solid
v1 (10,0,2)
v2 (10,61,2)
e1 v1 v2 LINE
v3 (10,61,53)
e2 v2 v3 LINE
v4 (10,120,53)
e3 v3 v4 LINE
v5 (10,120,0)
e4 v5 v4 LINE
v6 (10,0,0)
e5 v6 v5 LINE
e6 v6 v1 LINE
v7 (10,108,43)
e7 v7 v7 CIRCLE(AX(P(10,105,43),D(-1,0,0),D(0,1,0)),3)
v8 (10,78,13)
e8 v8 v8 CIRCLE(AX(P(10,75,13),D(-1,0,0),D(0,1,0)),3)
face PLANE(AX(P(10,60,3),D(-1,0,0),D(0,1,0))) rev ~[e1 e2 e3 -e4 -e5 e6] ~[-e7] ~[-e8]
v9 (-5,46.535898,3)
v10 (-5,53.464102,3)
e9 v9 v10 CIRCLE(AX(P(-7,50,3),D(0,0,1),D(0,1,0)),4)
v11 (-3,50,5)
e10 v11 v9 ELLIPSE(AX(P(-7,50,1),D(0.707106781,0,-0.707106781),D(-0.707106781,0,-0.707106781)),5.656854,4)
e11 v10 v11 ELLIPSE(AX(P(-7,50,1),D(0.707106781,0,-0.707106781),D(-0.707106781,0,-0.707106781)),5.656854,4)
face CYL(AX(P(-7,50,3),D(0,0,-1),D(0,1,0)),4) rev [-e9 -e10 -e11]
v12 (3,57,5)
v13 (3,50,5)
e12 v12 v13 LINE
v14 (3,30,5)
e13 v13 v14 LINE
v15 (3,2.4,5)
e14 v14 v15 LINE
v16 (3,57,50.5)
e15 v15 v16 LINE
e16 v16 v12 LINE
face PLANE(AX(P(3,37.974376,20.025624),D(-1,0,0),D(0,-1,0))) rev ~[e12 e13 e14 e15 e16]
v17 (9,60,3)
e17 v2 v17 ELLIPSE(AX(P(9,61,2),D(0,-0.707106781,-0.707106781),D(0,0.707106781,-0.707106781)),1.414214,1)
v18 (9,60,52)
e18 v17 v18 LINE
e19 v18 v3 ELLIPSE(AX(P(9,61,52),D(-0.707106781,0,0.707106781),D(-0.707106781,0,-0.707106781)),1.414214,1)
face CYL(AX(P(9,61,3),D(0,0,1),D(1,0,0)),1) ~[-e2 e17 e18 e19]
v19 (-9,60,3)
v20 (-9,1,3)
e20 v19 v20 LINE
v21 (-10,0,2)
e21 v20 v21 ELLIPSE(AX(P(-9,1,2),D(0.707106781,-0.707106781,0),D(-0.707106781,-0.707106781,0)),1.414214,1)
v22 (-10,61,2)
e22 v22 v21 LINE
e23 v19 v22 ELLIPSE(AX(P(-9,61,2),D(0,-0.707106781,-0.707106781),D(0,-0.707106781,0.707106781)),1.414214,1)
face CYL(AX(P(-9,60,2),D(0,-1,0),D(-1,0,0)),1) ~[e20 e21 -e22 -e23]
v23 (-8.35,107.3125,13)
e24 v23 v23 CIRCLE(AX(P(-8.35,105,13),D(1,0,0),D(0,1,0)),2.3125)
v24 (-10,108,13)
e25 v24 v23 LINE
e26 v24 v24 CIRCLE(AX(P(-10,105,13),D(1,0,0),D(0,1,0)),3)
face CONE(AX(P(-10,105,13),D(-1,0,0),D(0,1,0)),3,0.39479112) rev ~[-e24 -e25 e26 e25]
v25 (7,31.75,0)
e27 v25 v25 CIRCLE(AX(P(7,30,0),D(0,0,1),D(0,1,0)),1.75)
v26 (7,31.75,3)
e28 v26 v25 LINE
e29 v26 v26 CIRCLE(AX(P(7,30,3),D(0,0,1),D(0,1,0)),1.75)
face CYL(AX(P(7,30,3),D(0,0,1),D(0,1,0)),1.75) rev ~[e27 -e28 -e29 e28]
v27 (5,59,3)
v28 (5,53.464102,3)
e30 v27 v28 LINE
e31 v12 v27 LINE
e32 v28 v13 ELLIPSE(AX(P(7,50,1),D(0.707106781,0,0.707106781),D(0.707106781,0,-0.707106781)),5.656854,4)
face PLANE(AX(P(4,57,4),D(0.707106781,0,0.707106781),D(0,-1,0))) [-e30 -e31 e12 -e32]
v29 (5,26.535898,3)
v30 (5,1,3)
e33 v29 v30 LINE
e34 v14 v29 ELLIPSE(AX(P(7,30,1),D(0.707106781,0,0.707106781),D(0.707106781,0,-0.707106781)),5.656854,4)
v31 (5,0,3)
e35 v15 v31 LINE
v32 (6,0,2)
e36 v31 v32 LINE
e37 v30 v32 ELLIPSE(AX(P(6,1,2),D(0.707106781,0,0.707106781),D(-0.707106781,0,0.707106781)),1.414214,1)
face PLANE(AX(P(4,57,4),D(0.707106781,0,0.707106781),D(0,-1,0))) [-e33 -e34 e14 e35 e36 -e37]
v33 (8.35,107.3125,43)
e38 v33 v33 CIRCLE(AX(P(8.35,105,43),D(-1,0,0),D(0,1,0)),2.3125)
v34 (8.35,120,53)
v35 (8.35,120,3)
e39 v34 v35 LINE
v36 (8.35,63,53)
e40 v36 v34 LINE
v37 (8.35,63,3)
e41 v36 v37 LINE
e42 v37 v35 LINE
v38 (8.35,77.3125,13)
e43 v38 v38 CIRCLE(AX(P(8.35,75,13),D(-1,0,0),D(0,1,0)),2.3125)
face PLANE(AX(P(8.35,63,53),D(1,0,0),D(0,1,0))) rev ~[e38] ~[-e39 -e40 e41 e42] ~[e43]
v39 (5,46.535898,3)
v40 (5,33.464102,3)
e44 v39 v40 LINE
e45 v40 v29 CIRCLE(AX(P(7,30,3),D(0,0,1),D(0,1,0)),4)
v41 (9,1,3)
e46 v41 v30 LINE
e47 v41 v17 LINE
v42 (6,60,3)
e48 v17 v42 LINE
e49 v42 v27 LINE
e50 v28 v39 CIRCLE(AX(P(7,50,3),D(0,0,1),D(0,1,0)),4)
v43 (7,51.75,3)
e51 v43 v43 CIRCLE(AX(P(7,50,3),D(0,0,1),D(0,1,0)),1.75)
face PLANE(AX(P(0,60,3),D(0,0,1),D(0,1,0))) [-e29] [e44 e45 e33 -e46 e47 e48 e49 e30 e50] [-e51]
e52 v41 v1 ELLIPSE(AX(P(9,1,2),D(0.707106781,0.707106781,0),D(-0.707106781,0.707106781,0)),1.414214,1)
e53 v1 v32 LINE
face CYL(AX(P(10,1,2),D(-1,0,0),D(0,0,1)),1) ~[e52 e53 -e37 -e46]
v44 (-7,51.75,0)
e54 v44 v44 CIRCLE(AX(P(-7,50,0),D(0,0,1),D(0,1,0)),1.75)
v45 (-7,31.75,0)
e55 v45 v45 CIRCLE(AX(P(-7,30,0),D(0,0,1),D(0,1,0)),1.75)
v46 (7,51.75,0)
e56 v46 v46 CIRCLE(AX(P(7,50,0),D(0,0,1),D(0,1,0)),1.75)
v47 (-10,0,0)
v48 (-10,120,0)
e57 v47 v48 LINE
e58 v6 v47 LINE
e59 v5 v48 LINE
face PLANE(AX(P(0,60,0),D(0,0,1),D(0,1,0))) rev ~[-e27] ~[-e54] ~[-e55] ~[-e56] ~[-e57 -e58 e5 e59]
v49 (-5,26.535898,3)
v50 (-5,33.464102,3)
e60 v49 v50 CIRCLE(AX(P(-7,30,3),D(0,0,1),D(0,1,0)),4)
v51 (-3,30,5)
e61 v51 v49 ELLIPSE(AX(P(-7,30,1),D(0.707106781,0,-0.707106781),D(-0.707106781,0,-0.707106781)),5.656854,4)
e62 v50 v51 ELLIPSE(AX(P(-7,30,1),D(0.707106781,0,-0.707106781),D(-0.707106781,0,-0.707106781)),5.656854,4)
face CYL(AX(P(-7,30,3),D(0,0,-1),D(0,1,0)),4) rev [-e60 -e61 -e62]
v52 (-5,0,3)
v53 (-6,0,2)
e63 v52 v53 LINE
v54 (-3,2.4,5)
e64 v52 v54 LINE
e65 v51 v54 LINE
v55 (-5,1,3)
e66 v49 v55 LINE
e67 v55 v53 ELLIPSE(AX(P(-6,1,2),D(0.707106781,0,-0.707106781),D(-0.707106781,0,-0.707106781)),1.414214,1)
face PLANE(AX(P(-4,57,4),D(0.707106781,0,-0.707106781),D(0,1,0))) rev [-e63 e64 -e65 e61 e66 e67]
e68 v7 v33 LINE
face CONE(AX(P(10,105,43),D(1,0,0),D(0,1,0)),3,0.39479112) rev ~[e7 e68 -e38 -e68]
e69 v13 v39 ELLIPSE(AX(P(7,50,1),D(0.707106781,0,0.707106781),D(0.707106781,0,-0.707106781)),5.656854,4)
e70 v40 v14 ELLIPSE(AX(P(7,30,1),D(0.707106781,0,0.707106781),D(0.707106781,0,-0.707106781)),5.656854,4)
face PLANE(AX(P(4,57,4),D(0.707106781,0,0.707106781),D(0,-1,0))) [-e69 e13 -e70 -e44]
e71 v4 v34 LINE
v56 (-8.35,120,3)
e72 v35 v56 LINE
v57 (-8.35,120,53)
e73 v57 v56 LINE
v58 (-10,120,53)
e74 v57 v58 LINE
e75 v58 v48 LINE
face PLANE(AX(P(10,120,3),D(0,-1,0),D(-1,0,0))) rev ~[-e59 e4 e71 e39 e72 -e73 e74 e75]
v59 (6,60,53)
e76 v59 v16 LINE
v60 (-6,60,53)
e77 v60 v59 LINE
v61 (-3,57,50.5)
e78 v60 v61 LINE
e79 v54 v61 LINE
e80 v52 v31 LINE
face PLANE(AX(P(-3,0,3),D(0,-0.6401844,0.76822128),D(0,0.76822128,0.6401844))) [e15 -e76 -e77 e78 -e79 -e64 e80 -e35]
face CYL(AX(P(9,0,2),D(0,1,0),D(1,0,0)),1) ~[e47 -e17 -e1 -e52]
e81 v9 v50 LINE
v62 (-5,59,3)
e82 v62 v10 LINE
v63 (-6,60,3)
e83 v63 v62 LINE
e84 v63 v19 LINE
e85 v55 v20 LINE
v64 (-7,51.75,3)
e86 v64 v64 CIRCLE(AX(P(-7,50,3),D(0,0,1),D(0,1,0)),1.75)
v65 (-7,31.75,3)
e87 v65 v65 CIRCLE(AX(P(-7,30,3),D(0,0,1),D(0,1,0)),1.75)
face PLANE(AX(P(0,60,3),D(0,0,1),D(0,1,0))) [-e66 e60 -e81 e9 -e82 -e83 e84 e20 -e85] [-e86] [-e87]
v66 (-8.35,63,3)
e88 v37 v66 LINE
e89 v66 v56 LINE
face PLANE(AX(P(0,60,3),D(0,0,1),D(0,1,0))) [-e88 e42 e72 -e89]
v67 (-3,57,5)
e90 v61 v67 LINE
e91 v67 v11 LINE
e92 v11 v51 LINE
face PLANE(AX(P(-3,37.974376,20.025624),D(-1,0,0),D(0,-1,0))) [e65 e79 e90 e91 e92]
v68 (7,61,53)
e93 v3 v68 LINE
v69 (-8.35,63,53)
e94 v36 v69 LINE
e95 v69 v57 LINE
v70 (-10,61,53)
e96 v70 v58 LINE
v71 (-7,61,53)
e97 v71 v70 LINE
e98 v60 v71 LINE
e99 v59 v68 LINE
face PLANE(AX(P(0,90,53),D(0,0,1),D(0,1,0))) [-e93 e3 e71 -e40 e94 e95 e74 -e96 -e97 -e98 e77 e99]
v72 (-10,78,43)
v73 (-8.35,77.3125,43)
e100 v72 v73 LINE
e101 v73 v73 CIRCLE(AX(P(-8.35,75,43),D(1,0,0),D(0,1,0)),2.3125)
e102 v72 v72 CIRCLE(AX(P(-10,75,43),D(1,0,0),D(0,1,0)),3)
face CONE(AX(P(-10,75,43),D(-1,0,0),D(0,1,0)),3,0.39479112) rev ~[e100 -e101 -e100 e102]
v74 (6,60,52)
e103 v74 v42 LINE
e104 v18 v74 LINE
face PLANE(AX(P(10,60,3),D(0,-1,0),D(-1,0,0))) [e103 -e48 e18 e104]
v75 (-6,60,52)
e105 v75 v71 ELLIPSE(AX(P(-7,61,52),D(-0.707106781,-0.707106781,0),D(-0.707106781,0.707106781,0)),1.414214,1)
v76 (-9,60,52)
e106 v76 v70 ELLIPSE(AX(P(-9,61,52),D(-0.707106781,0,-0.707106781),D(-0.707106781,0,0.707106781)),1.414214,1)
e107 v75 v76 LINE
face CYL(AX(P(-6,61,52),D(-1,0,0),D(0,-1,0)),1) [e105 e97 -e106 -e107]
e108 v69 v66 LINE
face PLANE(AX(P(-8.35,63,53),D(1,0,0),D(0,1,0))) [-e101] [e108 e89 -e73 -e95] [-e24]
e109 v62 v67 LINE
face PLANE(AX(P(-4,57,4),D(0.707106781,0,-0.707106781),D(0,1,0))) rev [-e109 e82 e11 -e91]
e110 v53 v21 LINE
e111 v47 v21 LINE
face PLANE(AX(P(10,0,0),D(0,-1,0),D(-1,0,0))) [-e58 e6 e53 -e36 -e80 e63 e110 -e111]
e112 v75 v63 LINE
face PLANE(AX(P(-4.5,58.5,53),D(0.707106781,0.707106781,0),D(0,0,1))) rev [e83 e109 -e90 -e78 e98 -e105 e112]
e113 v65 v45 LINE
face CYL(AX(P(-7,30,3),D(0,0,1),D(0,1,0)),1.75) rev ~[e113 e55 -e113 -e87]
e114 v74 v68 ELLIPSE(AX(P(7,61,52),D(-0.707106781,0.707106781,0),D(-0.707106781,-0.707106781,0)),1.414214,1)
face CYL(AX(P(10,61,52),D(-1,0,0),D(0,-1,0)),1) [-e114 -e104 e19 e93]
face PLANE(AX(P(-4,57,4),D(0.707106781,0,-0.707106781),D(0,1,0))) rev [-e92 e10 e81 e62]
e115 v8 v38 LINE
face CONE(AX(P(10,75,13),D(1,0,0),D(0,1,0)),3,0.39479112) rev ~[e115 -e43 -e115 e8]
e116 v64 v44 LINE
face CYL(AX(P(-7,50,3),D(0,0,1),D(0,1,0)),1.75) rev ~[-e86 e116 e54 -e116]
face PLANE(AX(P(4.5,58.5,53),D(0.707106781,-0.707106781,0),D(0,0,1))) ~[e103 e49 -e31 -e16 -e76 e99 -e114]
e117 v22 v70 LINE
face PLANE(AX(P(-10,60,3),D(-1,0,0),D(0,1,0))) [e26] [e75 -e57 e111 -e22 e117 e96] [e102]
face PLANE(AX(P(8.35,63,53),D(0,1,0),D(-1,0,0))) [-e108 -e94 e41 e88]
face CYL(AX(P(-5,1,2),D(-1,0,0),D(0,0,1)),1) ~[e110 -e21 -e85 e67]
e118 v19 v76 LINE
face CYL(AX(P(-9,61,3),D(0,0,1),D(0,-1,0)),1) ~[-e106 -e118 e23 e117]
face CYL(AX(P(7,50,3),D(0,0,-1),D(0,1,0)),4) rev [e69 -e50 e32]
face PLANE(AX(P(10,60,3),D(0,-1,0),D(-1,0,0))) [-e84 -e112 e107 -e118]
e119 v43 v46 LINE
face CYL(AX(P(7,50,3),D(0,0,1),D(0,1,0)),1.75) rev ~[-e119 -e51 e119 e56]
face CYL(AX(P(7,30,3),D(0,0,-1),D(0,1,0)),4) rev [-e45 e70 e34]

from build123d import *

# Parameters (mm, degrees)
CYLINDER003_R          = 4
CYLINDER003_DEPTH      = 5
CYLINDER002_R          = 4
CYLINDER002_DEPTH      = 5
CYLINDER001_R          = 4
CYLINDER001_DEPTH      = 5
CYLINDER_R             = 4
CYLINDER_DEPTH         = 5
CONE003_ROLL_ANGLE     = 90
CONE002_ROLL_ANGLE     = 90
CONE001_ROLL_ANGLE     = -90
CONE_ROLL_ANGLE        = -90
BOX001_W               = 60
BOX001_H               = 20
BOX001_DEPTH           = 50
SKETCH001_W            = 57
SKETCH001_H            = 16.7
POCKET001_DEPTH        = 50
PAD_DEPTH              = 6
BOX_W                  = 120
BOX_H                  = 20
BOX_DEPTH              = 3
SKETCH_R               = 1.75
POCKET_DEPTH           = 3.001
CHAMFER_SIZE           = 3
CHAMFER001_SIZE        = 2
FILLET_R               = 1
FILLET_PLACEMENT_ANGLE = 90


with BuildPart() as cylinder003:
    # Cylinder003 → Cylinder003 (new body)
    with BuildSketch(Plane(origin=(50, 7, 3), x_dir=(1, 0, 0), z_dir=(0, 0, 1))):
        Circle(CYLINDER003_R)
    extrude(amount=CYLINDER003_DEPTH)


with BuildPart() as cylinder002:
    # Cylinder002 → Cylinder002 (new body)
    with BuildSketch(Plane(origin=(30, 7, 3), x_dir=(1, 0, 0), z_dir=(0, 0, 1))):
        Circle(CYLINDER002_R)
    extrude(amount=CYLINDER002_DEPTH)


with BuildPart() as cylinder001:
    # Cylinder001 → Cylinder001 (new body)
    with BuildSketch(Plane(origin=(50, -7, 3), x_dir=(1, 0, 0), z_dir=(0, 0, 1))):
        Circle(CYLINDER001_R)
    extrude(amount=CYLINDER001_DEPTH)


with BuildPart() as cylinder:
    # Cylinder → Cylinder (new body)
    with BuildSketch(Plane(origin=(30, -7, 3), x_dir=(1, 0, 0), z_dir=(0, 0, 1))):
        Circle(CYLINDER_R)
    extrude(amount=CYLINDER_DEPTH)


with BuildPart() as cone003:
    # Cone003 → Cone003 (revolve)
    with BuildSketch(Plane.XZ):
        Polygon((0, 0), (3, 0), (1.75, 3), (0, 3), align=None)
    revolve(axis=Axis((0, 0, 0), (0, 0, 1)))


with BuildPart() as cone003_1:
    # Cone003 roll: moved
    add(cone003.part.rotate(Axis((0, 0, 0), (1, 0, 0)), CONE003_ROLL_ANGLE))


with BuildPart() as cone003_2:
    # Cone003 placement: moved
    add(cone003_1.part.moved(Location((75, 10, 43))))


with BuildPart() as cone002:
    # Cone002 → Cone002 (revolve)
    with BuildSketch(Plane.XZ):
        Polygon((0, 0), (3, 0), (1.75, 3), (0, 3), align=None)
    revolve(axis=Axis((0, 0, 0), (0, 0, 1)))


with BuildPart() as cone002_1:
    # Cone002 roll: moved
    add(cone002.part.rotate(Axis((0, 0, 0), (1, 0, 0)), CONE002_ROLL_ANGLE))


with BuildPart() as cone002_2:
    # Cone002 placement: moved
    add(cone002_1.part.moved(Location((105, 10, 13))))


with BuildPart() as cone001:
    # Cone001 → Cone001 (revolve)
    with BuildSketch(Plane.XZ):
        Polygon((0, 0), (3, 0), (1.75, 3), (0, 3), align=None)
    revolve(axis=Axis((0, 0, 0), (0, 0, 1)))


with BuildPart() as cone001_1:
    # Cone001 roll: moved
    add(cone001.part.rotate(Axis((0, 0, 0), (1, 0, 0)), CONE001_ROLL_ANGLE))


with BuildPart() as cone001_2:
    # Cone001 placement: moved
    add(cone001_1.part.moved(Location((105, -10, 43))))


with BuildPart() as cone:
    # Cone → Cone (revolve)
    with BuildSketch(Plane.XZ):
        Polygon((0, 0), (3, 0), (1.75, 3), (0, 3), align=None)
    revolve(axis=Axis((0, 0, 0), (0, 0, 1)))


with BuildPart() as cone_1:
    # Cone roll: moved
    add(cone.part.rotate(Axis((0, 0, 0), (1, 0, 0)), CONE_ROLL_ANGLE))


with BuildPart() as cone_2:
    # Cone placement: moved
    add(cone_1.part.moved(Location((75, -10, 13))))


with BuildPart() as abra_a_fusta_amb_forats:
    # Box001 → Box001 (new body)
    with BuildSketch(Plane(origin=(60, -10, 3), x_dir=(1, 0, 0), z_dir=(0, 0, 1))):
        with Locations((30, 10)):
            Rectangle(BOX001_W, BOX001_H)
    extrude(amount=BOX001_DEPTH)

    # Sketch001 → Pocket001 (cut)
    with BuildSketch(Plane(origin=(60, -10, 53), x_dir=(1, 0, 0), z_dir=(0, 0, 1))):
        with Locations((31.5, 10)):
            Rectangle(SKETCH001_W, SKETCH001_H)
    extrude(amount=-POCKET001_DEPTH, mode=Mode.SUBTRACT)

    # Cut: cut Cone
    add(cone_2.part, mode=Mode.SUBTRACT)

    # Cut001: cut Cone001
    add(cone001_2.part, mode=Mode.SUBTRACT)

    # Cut002: cut Cone002
    add(cone002_2.part, mode=Mode.SUBTRACT)

    # Cut003: cut Cone003
    add(cone003_2.part, mode=Mode.SUBTRACT)


with BuildPart() as triangle:
    # Sketch002 → Pad (new body)
    with BuildSketch(Plane.XZ.offset(-3)):
        Polygon((0, 3), (60, 53), (60, 3), align=None)
    extrude(amount=PAD_DEPTH)


with BuildPart() as triangle_y:
    # Box → Box (new body)
    with BuildSketch(Plane(origin=(0, -10, 0), x_dir=(1, 0, 0), z_dir=(0, 0, 1))):
        with Locations((60, 10)):
            Rectangle(BOX_W, BOX_H)
    extrude(amount=BOX_DEPTH)

    # Sketch → Pocket (cut, through all)
    with BuildSketch(Plane(origin=(0, -10, 3), x_dir=(1, 0, 0), z_dir=(0, 0, 1))):
        with Locations((30, 17)):
            Circle(SKETCH_R)
        with Locations((30, 3)):
            Circle(SKETCH_R)
        with Locations((50, 17)):
            Circle(SKETCH_R)
        with Locations((50, 3)):
            Circle(SKETCH_R)
    extrude(amount=-POCKET_DEPTH, mode=Mode.SUBTRACT)

    # Fusion: union abraça-fusta-amb-forats, triangle
    add(abra_a_fusta_amb_forats.part)
    add(triangle.part)

    # Chamfer
    chamfer_edges = [triangle_y.edges().sort_by_distance(p)[0] for p in [
        (60, -3, 28),
        (60, 3, 28),
    ]]
    chamfer(chamfer_edges, length=CHAMFER_SIZE)

    # Chamfer001
    chamfer001_edges = [triangle_y.edges().sort_by_distance(p)[0] for p in [
        (28.5, -3, 3),
        (28.5, 3, 3),
    ]]
    chamfer(chamfer001_edges, length=CHAMFER001_SIZE)

    # Cut004: cut Cylinder
    add(cylinder.part, mode=Mode.SUBTRACT)

    # Cut005: cut Cylinder001
    add(cylinder001.part, mode=Mode.SUBTRACT)

    # Cut006: cut Cylinder002
    add(cylinder002.part, mode=Mode.SUBTRACT)

    # Cut007: cut Cylinder003
    add(cylinder003.part, mode=Mode.SUBTRACT)

    # Fillet
    fillet_edges = [triangle_y.edges().sort_by_distance(p)[0] for p in [
        (0, -7.5, 3),
        (13.677124, -10, 3),
        (40, -10, 3),
        (56.322876, -10, 3),
        (60, -8, 53),
        (60, -10, 28),
        (0, 7.5, 3),
        (60, 8, 53),
        (60, 10, 28),
        (13.677124, 10, 3),
        (40, 10, 3),
        (56.322876, 10, 3),
    ]]
    fillet(fillet_edges, radius=FILLET_R)


with BuildPart() as triangle_y_1:
    # Fillet placement: moved
    add(triangle_y.part.rotate(Axis((0, 0, 0), (0, 0, 1)), FILLET_PLACEMENT_ANGLE))


solid = triangle_y_1.part
